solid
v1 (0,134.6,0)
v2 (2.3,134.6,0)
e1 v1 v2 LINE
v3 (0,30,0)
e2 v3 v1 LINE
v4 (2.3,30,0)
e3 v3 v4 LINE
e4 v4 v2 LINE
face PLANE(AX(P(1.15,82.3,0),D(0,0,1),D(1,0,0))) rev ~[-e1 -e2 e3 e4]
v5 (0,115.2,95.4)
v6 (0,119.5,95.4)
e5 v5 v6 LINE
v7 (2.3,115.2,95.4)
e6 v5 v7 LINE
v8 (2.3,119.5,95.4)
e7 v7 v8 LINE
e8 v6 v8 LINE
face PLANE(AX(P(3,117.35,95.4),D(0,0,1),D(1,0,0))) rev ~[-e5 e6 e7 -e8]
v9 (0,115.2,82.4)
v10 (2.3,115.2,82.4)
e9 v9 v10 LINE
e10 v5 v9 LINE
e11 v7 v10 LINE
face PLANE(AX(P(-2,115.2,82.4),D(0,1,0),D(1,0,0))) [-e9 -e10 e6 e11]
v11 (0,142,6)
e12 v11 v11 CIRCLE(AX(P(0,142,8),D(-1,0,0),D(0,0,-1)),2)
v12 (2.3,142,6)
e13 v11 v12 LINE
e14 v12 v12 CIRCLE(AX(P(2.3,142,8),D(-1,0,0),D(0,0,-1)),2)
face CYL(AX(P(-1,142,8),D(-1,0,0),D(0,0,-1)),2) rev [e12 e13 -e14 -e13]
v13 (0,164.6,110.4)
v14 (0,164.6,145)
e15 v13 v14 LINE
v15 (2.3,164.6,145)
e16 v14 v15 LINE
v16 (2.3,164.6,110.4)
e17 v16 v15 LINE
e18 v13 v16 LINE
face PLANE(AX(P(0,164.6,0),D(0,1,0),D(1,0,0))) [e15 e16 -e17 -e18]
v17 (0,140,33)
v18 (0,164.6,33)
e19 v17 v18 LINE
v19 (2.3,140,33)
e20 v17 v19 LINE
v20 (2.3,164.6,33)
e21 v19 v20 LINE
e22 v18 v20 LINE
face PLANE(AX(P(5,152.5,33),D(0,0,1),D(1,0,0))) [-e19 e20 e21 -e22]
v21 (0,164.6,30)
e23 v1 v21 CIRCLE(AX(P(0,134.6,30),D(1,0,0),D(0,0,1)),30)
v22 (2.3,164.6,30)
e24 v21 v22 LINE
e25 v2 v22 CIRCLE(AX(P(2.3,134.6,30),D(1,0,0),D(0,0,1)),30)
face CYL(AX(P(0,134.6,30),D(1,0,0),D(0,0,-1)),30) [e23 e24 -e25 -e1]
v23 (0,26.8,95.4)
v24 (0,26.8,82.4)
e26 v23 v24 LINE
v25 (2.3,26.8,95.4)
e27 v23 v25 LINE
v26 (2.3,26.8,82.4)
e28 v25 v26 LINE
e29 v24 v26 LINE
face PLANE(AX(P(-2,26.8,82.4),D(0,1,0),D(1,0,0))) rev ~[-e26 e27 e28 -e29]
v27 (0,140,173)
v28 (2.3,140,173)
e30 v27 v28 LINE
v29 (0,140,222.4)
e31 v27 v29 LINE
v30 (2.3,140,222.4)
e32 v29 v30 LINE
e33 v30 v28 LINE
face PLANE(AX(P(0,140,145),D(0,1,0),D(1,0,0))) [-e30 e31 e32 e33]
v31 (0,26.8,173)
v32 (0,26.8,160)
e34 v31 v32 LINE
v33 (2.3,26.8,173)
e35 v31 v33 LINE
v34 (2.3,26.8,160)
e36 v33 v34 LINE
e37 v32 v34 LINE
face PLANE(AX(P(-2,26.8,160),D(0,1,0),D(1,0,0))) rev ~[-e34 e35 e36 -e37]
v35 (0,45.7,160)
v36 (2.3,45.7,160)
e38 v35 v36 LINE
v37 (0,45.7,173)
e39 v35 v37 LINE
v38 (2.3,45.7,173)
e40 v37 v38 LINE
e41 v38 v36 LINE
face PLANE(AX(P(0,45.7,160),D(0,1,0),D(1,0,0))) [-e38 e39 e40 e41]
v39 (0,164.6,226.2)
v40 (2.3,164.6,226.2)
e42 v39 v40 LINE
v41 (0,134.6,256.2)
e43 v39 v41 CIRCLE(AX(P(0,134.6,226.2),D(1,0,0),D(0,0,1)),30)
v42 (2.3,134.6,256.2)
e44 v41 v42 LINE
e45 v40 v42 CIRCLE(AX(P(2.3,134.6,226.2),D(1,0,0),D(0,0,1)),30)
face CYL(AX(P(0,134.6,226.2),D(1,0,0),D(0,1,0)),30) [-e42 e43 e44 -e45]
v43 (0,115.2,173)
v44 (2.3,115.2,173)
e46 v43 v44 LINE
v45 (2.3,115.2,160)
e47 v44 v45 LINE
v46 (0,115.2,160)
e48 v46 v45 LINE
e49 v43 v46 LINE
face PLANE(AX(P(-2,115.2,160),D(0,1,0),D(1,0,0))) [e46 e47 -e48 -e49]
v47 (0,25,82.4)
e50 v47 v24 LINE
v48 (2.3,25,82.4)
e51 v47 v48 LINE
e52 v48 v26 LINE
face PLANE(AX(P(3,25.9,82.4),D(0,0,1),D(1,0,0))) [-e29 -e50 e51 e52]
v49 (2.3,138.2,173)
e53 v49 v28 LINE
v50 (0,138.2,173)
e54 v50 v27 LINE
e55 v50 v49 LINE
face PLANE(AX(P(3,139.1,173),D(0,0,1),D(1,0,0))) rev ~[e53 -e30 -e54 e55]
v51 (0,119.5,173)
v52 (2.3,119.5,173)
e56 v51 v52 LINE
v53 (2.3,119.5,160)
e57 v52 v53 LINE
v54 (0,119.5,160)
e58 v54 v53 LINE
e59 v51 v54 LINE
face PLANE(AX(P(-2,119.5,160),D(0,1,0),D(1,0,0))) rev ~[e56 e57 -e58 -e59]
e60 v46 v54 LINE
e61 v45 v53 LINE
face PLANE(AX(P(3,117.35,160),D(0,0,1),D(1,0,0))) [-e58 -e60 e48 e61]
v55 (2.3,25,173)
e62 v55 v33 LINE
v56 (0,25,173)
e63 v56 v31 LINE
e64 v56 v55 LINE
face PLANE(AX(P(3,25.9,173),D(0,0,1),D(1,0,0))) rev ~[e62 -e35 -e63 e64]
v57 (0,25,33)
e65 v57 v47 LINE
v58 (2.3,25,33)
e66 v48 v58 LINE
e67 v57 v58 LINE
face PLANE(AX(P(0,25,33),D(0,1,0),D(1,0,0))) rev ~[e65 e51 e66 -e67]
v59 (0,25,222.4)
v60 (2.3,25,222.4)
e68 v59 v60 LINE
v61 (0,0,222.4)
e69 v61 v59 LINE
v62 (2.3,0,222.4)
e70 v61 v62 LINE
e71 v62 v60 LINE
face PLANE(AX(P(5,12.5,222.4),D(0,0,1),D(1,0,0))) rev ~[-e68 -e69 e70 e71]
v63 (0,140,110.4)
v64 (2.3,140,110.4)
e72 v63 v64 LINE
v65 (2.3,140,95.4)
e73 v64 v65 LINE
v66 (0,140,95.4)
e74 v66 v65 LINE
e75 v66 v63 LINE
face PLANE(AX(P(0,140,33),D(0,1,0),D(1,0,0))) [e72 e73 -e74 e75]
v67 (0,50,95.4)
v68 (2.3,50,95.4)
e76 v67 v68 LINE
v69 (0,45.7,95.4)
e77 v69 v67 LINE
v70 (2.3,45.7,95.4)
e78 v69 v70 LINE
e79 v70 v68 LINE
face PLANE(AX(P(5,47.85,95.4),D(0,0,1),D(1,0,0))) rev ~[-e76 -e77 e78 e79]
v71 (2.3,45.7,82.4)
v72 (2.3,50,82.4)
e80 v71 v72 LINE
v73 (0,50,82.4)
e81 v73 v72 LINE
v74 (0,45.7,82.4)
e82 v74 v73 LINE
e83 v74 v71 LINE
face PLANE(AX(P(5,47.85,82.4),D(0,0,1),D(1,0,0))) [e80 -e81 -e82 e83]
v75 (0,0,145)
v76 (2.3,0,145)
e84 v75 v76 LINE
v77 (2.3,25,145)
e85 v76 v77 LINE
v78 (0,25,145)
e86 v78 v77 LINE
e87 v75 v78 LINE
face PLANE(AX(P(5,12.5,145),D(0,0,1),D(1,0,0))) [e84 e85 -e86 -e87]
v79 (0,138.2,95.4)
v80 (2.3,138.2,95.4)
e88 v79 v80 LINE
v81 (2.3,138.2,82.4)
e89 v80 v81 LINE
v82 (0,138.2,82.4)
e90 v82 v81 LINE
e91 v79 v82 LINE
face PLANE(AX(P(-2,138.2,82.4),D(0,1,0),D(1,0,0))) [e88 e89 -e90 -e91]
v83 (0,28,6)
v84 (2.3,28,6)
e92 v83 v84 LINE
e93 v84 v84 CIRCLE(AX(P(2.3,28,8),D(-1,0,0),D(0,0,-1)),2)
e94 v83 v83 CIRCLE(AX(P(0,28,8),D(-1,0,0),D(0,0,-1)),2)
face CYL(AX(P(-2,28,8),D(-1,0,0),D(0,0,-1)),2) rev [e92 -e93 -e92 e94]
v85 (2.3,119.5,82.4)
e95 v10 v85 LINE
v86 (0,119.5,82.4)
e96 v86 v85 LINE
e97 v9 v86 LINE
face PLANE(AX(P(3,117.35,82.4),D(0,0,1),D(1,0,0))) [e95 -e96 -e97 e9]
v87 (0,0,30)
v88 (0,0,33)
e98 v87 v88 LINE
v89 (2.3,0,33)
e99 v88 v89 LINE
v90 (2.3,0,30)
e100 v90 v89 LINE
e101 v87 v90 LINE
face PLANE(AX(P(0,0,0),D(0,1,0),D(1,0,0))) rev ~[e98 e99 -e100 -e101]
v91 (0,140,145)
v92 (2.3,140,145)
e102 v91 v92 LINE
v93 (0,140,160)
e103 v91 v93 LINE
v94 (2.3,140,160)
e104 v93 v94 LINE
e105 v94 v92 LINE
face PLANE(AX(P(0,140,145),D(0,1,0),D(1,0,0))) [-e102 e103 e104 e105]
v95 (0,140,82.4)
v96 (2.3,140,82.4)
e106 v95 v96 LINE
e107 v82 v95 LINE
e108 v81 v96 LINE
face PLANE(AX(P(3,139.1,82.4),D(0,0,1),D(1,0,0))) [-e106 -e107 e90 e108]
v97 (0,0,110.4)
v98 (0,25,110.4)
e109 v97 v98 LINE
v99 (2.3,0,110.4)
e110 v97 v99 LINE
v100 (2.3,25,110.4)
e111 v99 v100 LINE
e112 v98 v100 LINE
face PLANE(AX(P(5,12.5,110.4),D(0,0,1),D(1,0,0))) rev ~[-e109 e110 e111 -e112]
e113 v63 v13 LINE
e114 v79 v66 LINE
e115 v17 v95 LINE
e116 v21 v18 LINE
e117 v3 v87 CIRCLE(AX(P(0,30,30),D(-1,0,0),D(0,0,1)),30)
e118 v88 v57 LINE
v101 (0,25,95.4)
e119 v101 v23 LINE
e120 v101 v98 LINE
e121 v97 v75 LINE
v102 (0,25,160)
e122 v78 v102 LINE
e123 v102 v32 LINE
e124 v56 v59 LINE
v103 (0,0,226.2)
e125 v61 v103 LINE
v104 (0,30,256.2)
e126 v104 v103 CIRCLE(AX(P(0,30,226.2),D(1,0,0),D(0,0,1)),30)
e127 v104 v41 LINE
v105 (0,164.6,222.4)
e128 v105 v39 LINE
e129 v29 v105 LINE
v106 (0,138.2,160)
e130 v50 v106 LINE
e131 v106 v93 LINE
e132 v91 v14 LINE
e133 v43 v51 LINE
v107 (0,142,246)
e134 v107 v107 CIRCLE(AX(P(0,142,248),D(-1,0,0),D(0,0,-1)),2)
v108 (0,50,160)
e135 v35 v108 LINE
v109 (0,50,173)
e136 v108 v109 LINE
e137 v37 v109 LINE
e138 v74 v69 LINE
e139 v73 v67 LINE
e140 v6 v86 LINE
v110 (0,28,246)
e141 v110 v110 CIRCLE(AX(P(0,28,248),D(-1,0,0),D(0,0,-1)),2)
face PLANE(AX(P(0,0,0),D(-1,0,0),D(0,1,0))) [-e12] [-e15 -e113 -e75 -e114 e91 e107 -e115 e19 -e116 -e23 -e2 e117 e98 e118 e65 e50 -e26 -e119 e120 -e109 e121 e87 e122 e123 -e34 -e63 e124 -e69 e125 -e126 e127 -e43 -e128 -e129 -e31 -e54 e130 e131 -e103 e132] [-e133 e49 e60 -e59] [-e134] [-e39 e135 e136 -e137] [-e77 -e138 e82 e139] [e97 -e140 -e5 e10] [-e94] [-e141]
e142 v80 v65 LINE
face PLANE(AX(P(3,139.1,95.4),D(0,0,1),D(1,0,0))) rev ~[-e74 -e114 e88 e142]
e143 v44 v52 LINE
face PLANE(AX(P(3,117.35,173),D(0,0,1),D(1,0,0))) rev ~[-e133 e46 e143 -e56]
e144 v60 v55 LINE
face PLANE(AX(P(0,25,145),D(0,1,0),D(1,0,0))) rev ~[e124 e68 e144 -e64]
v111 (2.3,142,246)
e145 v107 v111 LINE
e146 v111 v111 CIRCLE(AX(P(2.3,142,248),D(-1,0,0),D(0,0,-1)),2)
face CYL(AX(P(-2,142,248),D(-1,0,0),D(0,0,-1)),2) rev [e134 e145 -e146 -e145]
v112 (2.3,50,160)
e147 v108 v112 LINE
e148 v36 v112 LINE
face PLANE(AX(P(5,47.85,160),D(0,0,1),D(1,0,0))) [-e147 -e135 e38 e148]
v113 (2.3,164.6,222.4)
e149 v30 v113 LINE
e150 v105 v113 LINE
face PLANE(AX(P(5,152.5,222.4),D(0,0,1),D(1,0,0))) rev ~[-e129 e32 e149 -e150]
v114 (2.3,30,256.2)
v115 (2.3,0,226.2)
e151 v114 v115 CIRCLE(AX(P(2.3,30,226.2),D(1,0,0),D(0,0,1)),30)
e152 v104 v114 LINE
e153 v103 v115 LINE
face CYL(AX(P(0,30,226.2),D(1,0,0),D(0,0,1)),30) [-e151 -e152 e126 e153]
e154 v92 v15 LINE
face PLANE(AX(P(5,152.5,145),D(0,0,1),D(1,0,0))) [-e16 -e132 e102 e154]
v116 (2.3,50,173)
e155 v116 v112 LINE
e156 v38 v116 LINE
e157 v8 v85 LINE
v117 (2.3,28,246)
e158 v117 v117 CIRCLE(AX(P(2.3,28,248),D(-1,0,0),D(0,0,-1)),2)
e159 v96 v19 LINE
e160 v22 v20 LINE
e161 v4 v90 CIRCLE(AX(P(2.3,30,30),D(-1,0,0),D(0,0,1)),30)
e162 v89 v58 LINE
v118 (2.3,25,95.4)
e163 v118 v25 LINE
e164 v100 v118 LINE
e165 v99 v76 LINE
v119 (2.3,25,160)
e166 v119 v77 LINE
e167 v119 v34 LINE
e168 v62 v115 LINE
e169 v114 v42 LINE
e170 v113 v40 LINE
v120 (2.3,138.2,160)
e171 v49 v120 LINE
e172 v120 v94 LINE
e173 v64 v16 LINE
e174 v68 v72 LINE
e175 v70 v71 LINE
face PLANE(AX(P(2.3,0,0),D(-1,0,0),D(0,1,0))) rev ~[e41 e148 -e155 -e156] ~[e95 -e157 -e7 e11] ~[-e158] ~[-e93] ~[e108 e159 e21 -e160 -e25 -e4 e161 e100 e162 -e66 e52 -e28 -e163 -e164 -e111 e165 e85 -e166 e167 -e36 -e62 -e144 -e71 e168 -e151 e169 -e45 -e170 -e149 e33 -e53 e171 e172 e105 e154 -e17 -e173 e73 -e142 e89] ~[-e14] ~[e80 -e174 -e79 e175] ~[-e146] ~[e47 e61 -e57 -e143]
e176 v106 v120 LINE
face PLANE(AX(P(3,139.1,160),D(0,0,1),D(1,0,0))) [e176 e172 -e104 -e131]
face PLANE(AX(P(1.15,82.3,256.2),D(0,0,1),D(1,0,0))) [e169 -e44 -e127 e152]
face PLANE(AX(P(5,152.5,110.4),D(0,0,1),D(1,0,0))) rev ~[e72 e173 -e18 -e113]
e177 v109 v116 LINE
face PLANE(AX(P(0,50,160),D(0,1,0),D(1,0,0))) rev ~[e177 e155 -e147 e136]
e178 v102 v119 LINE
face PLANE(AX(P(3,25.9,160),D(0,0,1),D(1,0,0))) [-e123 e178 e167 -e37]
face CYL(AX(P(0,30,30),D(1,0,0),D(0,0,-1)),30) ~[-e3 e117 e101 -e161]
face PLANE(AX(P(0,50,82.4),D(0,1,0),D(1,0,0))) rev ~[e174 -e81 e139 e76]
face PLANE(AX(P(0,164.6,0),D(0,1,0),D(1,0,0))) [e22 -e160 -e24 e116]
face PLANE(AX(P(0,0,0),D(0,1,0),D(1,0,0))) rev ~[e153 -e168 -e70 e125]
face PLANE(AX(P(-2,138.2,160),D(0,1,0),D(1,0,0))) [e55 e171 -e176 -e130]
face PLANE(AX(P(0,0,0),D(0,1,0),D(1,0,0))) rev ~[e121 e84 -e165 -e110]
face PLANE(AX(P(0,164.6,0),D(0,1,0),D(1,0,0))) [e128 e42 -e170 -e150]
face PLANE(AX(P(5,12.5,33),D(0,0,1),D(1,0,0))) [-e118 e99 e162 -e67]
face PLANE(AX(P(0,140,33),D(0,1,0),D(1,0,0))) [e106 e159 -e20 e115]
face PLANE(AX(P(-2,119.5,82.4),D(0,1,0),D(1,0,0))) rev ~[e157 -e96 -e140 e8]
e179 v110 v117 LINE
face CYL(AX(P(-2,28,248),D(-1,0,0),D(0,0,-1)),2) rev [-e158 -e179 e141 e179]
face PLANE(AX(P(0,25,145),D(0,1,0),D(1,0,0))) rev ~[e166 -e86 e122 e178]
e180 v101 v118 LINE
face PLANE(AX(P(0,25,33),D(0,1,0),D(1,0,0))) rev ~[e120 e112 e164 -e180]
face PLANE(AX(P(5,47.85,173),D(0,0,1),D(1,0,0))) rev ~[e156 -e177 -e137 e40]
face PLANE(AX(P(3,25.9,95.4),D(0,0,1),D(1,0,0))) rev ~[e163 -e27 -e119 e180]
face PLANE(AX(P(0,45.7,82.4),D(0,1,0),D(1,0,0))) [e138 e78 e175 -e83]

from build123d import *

# Parameters (mm, degrees)
CYLINDER002_R           = 2
CYLINDER002_DEPTH       = 10
CYLINDER002_PITCH_ANGLE = 90
CYLINDER003_R           = 2
CYLINDER003_DEPTH       = 10
CYLINDER003_PITCH_ANGLE = 90
CYLINDER001_R           = 2
CYLINDER001_DEPTH       = 10
CYLINDER001_PITCH_ANGLE = 90
CYLINDER_R              = 2
CYLINDER_DEPTH          = 10
CYLINDER_PITCH_ANGLE    = 90
BOX012_W                = 10
BOX012_H                = 4.3
BOX012_DEPTH            = 13
BOX011_W                = 10
BOX011_H                = 1.8
BOX011_DEPTH            = 13
BOX007_W                = 10
BOX007_H                = 1.8
BOX007_DEPTH            = 13
BOX009_W                = 10
BOX009_H                = 4.3
BOX009_DEPTH            = 13
BOX008_W                = 10
BOX008_H                = 4.3
BOX008_DEPTH            = 13
BOX010_W                = 10
BOX010_H                = 1.8
BOX010_DEPTH            = 13
BOX006_W                = 10
BOX006_H                = 4.3
BOX006_DEPTH            = 13
BOX005_W                = 10
BOX005_H                = 1.8
BOX005_DEPTH            = 13
BOX002_W                = 10
BOX002_H                = 25
BOX002_DEPTH            = 77.4
BOX004_W                = 10
BOX004_H                = 25
BOX004_DEPTH            = 77.4
BOX001_W                = 10
BOX001_H                = 25
BOX001_DEPTH            = 77.4
BOX003_W                = 10
BOX003_H                = 25
BOX003_DEPTH            = 77.4
BOX_W                   = 2.3
BOX_H                   = 164.6
BOX_DEPTH               = 256.2
FILLET_R                = 30
FILLET001_R             = 30
FILLET002_R             = 30
FILLET003_R             = 30


with BuildPart() as cilindro002:
    # Cylinder002 → Cylinder002 (new body)
    with BuildSketch(Plane.XY):
        Circle(CYLINDER002_R)
    extrude(amount=CYLINDER002_DEPTH)


with BuildPart() as cilindro002_1:
    # Cylinder002 pitch: moved
    add(cilindro002.part.rotate(Axis((0, 0, 0), (0, 1, 0)), CYLINDER002_PITCH_ANGLE))


with BuildPart() as cilindro002_2:
    # Cylinder002 placement: moved
    add(cilindro002_1.part.moved(Location((-2, 28, 248))))


with BuildPart() as cilindro003:
    # Cylinder003 → Cylinder003 (new body)
    with BuildSketch(Plane.XY):
        Circle(CYLINDER003_R)
    extrude(amount=CYLINDER003_DEPTH)


with BuildPart() as cilindro003_1:
    # Cylinder003 pitch: moved
    add(cilindro003.part.rotate(Axis((0, 0, 0), (0, 1, 0)), CYLINDER003_PITCH_ANGLE))


with BuildPart() as cilindro003_2:
    # Cylinder003 placement: moved
    add(cilindro003_1.part.moved(Location((-2, 142, 248))))


with BuildPart() as cilindro001:
    # Cylinder001 → Cylinder001 (new body)
    with BuildSketch(Plane.XY):
        Circle(CYLINDER001_R)
    extrude(amount=CYLINDER001_DEPTH)


with BuildPart() as cilindro001_1:
    # Cylinder001 pitch: moved
    add(cilindro001.part.rotate(Axis((0, 0, 0), (0, 1, 0)), CYLINDER001_PITCH_ANGLE))


with BuildPart() as cilindro001_2:
    # Cylinder001 placement: moved
    add(cilindro001_1.part.moved(Location((-1, 142, 8))))


with BuildPart() as cilindro:
    # Cylinder → Cylinder (new body)
    with BuildSketch(Plane.XY):
        Circle(CYLINDER_R)
    extrude(amount=CYLINDER_DEPTH)


with BuildPart() as cilindro_1:
    # Cylinder pitch: moved
    add(cilindro.part.rotate(Axis((0, 0, 0), (0, 1, 0)), CYLINDER_PITCH_ANGLE))


with BuildPart() as cilindro_2:
    # Cylinder placement: moved
    add(cilindro_1.part.moved(Location((-2, 28, 8))))


with BuildPart() as cubo012:
    # Box012 → Box012 (new body)
    with BuildSketch(Plane(origin=(-2, 115.2, 160), x_dir=(1, 0, 0), z_dir=(0, 0, 1))):
        with Locations((5, 2.15)):
            Rectangle(BOX012_W, BOX012_H)
    extrude(amount=BOX012_DEPTH)


with BuildPart() as cubo011:
    # Box011 → Box011 (new body)
    with BuildSketch(Plane(origin=(-2, 138.2, 160), x_dir=(1, 0, 0), z_dir=(0, 0, 1))):
        with Locations((5, 0.9)):
            Rectangle(BOX011_W, BOX011_H)
    extrude(amount=BOX011_DEPTH)


with BuildPart() as cubo007:
    # Box007 → Box007 (new body)
    with BuildSketch(Plane(origin=(-2, 138.2, 82.4), x_dir=(1, 0, 0), z_dir=(0, 0, 1))):
        with Locations((5, 0.9)):
            Rectangle(BOX007_W, BOX007_H)
    extrude(amount=BOX007_DEPTH)


with BuildPart() as cubo009:
    # Box009 → Box009 (new body)
    with BuildSketch(Plane(origin=(-2, 115.2, 82.4), x_dir=(1, 0, 0), z_dir=(0, 0, 1))):
        with Locations((5, 2.15)):
            Rectangle(BOX009_W, BOX009_H)
    extrude(amount=BOX009_DEPTH)


with BuildPart() as cubo008:
    # Box008 → Box008 (new body)
    with BuildSketch(Plane(origin=(0, 45.7, 160), x_dir=(1, 0, 0), z_dir=(0, 0, 1))):
        with Locations((5, 2.15)):
            Rectangle(BOX008_W, BOX008_H)
    extrude(amount=BOX008_DEPTH)


with BuildPart() as cubo010:
    # Box010 → Box010 (new body)
    with BuildSketch(Plane(origin=(-2, 25, 160), x_dir=(1, 0, 0), z_dir=(0, 0, 1))):
        with Locations((5, 0.9)):
            Rectangle(BOX010_W, BOX010_H)
    extrude(amount=BOX010_DEPTH)


with BuildPart() as cubo006:
    # Box006 → Box006 (new body)
    with BuildSketch(Plane(origin=(0, 45.7, 82.4), x_dir=(1, 0, 0), z_dir=(0, 0, 1))):
        with Locations((5, 2.15)):
            Rectangle(BOX006_W, BOX006_H)
    extrude(amount=BOX006_DEPTH)


with BuildPart() as cubo005:
    # Box005 → Box005 (new body)
    with BuildSketch(Plane(origin=(-2, 25, 82.4), x_dir=(1, 0, 0), z_dir=(0, 0, 1))):
        with Locations((5, 0.9)):
            Rectangle(BOX005_W, BOX005_H)
    extrude(amount=BOX005_DEPTH)


with BuildPart() as cubo002:
    # Box002 → Box002 (new body)
    with BuildSketch(Plane.XY.offset(145)):
        with Locations((5, 12.5)):
            Rectangle(BOX002_W, BOX002_H)
    extrude(amount=BOX002_DEPTH)


with BuildPart() as cubo004:
    # Box004 → Box004 (new body)
    with BuildSketch(Plane(origin=(0, 140, 145), x_dir=(1, 0, 0), z_dir=(0, 0, 1))):
        with Locations((5, 12.5)):
            Rectangle(BOX004_W, BOX004_H)
    extrude(amount=BOX004_DEPTH)


with BuildPart() as cubo001:
    # Box001 → Box001 (new body)
    with BuildSketch(Plane.XY.offset(33)):
        with Locations((5, 12.5)):
            Rectangle(BOX001_W, BOX001_H)
    extrude(amount=BOX001_DEPTH)


with BuildPart() as cubo003:
    # Box003 → Box003 (new body)
    with BuildSketch(Plane(origin=(0, 140, 33), x_dir=(1, 0, 0), z_dir=(0, 0, 1))):
        with Locations((5, 12.5)):
            Rectangle(BOX003_W, BOX003_H)
    extrude(amount=BOX003_DEPTH)


with BuildPart() as cut015:
    # Box → Box (new body)
    with BuildSketch(Plane.XY):
        with Locations((1.15, 82.3)):
            Rectangle(BOX_W, BOX_H)
    extrude(amount=BOX_DEPTH)

    # Cut: cut Cubo003
    add(cubo003.part, mode=Mode.SUBTRACT)

    # Cut001: cut Cubo001
    add(cubo001.part, mode=Mode.SUBTRACT)

    # Cut002: cut Cubo004
    add(cubo004.part, mode=Mode.SUBTRACT)

    # Cut003: cut Cubo002
    add(cubo002.part, mode=Mode.SUBTRACT)

    # Fillet
    fillet_edges = [cut015.edges().sort_by_distance(p)[0] for p in [
        (1.15, 0, 0),
    ]]
    fillet(fillet_edges, radius=FILLET_R)

    # Fillet001
    fillet001_edges = [cut015.edges().sort_by_distance(p)[0] for p in [
        (1.15, 164.6, 0),
    ]]
    fillet(fillet001_edges, radius=FILLET001_R)

    # Fillet002
    fillet002_edges = [cut015.edges().sort_by_distance(p)[0] for p in [
        (1.15, 164.6, 256.2),
    ]]
    fillet(fillet002_edges, radius=FILLET002_R)

    # Fillet003
    fillet003_edges = [cut015.edges().sort_by_distance(p)[0] for p in [
        (1.15, 0, 256.2),
    ]]
    fillet(fillet003_edges, radius=FILLET003_R)

    # Cut004: cut Cubo005
    add(cubo005.part, mode=Mode.SUBTRACT)

    # Cut005: cut Cubo006
    add(cubo006.part, mode=Mode.SUBTRACT)

    # Cut006: cut Cubo010
    add(cubo010.part, mode=Mode.SUBTRACT)

    # Cut007: cut Cubo008
    add(cubo008.part, mode=Mode.SUBTRACT)

    # Cut008: cut Cubo009
    add(cubo009.part, mode=Mode.SUBTRACT)

    # Cut009: cut Cubo007
    add(cubo007.part, mode=Mode.SUBTRACT)

    # Cut010: cut Cubo011
    add(cubo011.part, mode=Mode.SUBTRACT)

    # Cut011: cut Cubo012
    add(cubo012.part, mode=Mode.SUBTRACT)

    # Cut012: cut Cilindro
    add(cilindro_2.part, mode=Mode.SUBTRACT)

    # Cut013: cut Cilindro001
    add(cilindro001_2.part, mode=Mode.SUBTRACT)

    # Cut014: cut Cilindro003
    add(cilindro003_2.part, mode=Mode.SUBTRACT)

    # Cut015: cut Cilindro002
    add(cilindro002_2.part, mode=Mode.SUBTRACT)


solid = cut015.part
